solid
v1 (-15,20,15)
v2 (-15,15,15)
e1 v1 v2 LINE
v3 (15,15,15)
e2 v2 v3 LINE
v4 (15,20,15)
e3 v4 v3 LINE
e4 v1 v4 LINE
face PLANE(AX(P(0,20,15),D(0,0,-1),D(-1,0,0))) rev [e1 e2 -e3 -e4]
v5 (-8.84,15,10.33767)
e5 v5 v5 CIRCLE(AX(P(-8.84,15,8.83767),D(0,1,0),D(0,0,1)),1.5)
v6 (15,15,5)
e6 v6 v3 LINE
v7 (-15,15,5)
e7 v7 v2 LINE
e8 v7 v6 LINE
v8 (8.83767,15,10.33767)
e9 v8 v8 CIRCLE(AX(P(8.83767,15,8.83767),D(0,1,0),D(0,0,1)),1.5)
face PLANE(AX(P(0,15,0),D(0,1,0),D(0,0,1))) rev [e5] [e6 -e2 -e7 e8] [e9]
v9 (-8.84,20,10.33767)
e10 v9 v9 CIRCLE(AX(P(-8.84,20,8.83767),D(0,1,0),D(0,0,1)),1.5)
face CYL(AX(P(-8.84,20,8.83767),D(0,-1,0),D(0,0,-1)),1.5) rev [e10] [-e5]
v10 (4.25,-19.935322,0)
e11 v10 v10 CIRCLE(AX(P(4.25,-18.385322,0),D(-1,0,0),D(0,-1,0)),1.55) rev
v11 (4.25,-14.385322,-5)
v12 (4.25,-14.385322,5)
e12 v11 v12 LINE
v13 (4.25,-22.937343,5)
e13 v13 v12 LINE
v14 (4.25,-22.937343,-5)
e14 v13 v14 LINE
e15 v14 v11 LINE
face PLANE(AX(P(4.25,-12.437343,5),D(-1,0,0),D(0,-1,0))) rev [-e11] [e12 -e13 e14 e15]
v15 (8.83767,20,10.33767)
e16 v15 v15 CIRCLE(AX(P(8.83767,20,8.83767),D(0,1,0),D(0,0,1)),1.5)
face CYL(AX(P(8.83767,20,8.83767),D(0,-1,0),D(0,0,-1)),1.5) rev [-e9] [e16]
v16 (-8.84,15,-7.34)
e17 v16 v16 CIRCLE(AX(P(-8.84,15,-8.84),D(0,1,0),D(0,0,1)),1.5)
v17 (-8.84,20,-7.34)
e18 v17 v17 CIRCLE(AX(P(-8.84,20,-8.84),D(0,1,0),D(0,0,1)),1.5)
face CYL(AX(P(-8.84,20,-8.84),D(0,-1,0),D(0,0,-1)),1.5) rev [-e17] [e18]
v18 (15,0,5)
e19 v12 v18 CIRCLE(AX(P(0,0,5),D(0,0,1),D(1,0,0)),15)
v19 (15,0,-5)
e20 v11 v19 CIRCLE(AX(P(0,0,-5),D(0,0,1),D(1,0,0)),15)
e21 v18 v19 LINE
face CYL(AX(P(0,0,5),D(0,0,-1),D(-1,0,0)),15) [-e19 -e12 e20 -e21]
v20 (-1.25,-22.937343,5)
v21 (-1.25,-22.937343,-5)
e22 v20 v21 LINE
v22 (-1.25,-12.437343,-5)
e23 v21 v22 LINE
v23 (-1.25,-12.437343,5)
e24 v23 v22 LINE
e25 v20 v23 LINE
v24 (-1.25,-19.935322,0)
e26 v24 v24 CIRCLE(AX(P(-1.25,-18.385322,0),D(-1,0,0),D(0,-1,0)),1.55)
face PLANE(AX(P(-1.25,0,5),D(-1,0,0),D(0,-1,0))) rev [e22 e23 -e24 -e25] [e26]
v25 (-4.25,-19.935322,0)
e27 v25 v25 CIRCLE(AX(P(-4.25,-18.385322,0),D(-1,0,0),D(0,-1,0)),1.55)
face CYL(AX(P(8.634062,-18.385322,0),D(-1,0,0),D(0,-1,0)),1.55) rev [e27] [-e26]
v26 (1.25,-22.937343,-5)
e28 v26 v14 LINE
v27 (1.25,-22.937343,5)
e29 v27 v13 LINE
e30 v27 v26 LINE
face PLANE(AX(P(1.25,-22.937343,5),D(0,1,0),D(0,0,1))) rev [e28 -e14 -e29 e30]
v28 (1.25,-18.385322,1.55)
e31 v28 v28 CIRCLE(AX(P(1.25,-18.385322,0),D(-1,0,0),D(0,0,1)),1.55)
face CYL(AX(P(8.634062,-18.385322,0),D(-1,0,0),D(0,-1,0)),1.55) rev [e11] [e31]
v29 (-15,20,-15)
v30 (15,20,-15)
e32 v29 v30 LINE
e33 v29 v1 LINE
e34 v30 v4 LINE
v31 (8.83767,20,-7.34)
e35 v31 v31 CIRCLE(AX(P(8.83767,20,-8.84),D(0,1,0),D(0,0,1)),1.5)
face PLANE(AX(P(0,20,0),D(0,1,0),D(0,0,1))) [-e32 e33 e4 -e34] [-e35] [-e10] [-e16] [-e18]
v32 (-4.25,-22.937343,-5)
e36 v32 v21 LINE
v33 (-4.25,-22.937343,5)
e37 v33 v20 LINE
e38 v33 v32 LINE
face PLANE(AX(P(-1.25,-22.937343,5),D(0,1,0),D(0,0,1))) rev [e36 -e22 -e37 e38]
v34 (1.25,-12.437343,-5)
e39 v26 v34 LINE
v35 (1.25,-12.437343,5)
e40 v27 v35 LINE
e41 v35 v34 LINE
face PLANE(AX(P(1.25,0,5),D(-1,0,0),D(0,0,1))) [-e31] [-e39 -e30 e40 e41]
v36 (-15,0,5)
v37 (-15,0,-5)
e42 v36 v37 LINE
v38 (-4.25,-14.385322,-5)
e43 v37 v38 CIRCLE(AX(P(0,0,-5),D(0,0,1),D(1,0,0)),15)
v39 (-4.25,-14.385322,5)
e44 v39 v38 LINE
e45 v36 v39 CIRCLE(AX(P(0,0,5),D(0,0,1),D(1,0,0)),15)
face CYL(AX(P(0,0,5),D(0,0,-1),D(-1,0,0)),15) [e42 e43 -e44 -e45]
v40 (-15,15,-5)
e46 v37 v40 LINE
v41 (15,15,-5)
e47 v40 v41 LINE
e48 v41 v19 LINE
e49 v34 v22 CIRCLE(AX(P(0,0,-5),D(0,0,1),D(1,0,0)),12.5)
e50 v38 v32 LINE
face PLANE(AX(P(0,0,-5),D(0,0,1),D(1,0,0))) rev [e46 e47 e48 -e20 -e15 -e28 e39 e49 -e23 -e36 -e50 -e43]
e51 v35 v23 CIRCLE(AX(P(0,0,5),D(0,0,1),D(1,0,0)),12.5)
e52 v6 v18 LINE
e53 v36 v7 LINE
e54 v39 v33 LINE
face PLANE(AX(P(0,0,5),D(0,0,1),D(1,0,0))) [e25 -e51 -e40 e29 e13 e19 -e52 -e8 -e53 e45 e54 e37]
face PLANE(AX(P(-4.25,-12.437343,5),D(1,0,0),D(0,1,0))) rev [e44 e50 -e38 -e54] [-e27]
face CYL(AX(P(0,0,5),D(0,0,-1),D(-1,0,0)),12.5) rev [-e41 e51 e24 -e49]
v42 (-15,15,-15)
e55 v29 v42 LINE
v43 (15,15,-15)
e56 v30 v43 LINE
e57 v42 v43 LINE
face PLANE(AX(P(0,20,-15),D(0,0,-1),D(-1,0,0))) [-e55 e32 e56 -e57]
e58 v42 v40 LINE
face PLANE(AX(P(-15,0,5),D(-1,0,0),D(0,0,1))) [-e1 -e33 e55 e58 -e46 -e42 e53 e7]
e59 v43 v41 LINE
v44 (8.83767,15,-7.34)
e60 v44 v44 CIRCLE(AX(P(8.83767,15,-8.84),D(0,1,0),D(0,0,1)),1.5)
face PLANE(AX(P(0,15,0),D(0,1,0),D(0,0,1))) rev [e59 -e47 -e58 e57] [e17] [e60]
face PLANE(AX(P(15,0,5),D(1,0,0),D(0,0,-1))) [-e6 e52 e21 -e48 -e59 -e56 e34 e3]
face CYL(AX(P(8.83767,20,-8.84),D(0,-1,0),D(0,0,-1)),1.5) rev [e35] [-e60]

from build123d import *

# Parameters (mm, degrees)
BOSS_EXTRUDE1_DEPTH = 5
SKETCH2_W           = 3
SKETCH2_H           = 10.5
BOSS_EXTRUDE2_DEPTH = 5
CUT_EXTRUDE1_REACH  = 32.359
SKETCH3_R           = 1.55
SKETCH4_W           = 6.16233047
SKETCH4_H           = 10
SKETCH4_W_2         = 6.16
SKETCH4_W_3         = 17.67766953
BOSS_EXTRUDE3_DEPTH = 5


with BuildPart() as part:
    # Sketch1 → Boss-Extrude1 (new, symmetric)
    with BuildSketch(Plane.XY):
        with BuildLine():
            Line((-15, 15), (-15, 0))
            ThreePointArc((-15, 0), (-10.606601721, 10.606601715), (-8e-09, 15))
            Line((-8e-09, 15), (-15, 15))
        make_face()
        with BuildLine():
            Line((15, 15), (-8e-09, 15))
            ThreePointArc((-8e-09, 15), (10.606601715, 10.606601721), (15, 0))
            Line((15, 0), (15, 15))
        make_face()
        with BuildLine():
            ThreePointArc((-8e-09, 15), (-10.606601721, 10.606601715), (-15, 0))
            ThreePointArc((-15, 0), (-11.039701083, -10.155048006), (-1.25, -14.947825929))
            Line((-1.25, -14.947825929), (-1.25, -12.437342964))
            ThreePointArc((-1.25, -12.437342964), (-8.385254916, 9.270248109), (12.5, 0))
            ThreePointArc((12.5, 0), (9.270248109, -8.385254916), (1.25, -12.437342964))
            Line((1.25, -12.437342964), (1.25, -14.947825929))
            ThreePointArc((1.25, -14.947825929), (11.039701083, -10.155048006), (15, 0))
            ThreePointArc((15, 0), (10.606601715, 10.606601721), (-8e-09, 15))
        make_face()
    extrude(amount=BOSS_EXTRUDE1_DEPTH, both=True)

    # Sketch2 → Boss-Extrude2 (add, symmetric)
    with BuildSketch(Plane.XY):
        with Locations((-2.75, -17.687342964)):
            Rectangle(SKETCH2_W, SKETCH2_H)
        with Locations((2.75, -17.687342964)):
            Rectangle(SKETCH2_W, SKETCH2_H)
    extrude(amount=BOSS_EXTRUDE2_DEPTH, both=True)

    # Cut-Extrude1: up to this face of the body (flat: up to its plane)
    cut_extrude1_end = Plane(part.part.faces().sort_by_distance((4.25, -18.661332672, 0))[0])
    # Sketch3 → Cut-Extrude1 (cut, up to the picked face)
    with BuildSketch(Plane.ZY.offset(4.25), mode=Mode.PRIVATE) as cut_extrude1_sk1:
        with Locations(Location((0, -18.385322381, 0), (0, 0, 270))):
            Circle(SKETCH3_R)
    cut_extrude1_tool1 = split(extrude(cut_extrude1_sk1.sketch, amount=-CUT_EXTRUDE1_REACH, mode=Mode.PRIVATE), bisect_by=cut_extrude1_end, keep=Keep.BOTH, mode=Mode.PRIVATE)
    add(cut_extrude1_tool1.solids().sort_by(Axis((-4.25, -18.385322, 0), (1, 0, 0)))[0], mode=Mode.SUBTRACT)

    # Sketch4 → Boss-Extrude3 (add)
    with BuildSketch(Plane(origin=(0, 15, 0), x_dir=(1, 0, 0), z_dir=(0, 1, 0))):
        with BuildLine():
            Line((15, 15), (-15, 15))
            Line((-15, 15), (-15, 5))
            Line((-15, 5), (-8.84, 5))
            Line((-8.84, 5), (-8.84, 7.34))
            ThreePointArc((-8.84, 7.34), (-9.900660172, 9.900660172), (-7.34, 8.84))
            Line((-7.34, 8.84), (7.33766953, 8.84))
            ThreePointArc((7.33766953, 8.84), (8.83766953, 10.34), (10.33766953, 8.84))
            ThreePointArc((10.33766953, 8.84), (9.898329701, 7.779339828), (8.83766953, 7.34))
            Line((8.83766953, 7.34), (8.83766953, 5))
            Line((8.83766953, 5), (15, 5))
            Line((15, 5), (15, 15))
        make_face()
        with Locations((11.918834765, 0)):
            Rectangle(SKETCH4_W, SKETCH4_H)
        with BuildLine():
            Line((-8.84, -5), (-15, -5))
            Line((-15, -5), (-15, -15))
            Line((-15, -15), (15, -15))
            Line((15, -15), (15, -5))
            Line((15, -5), (8.83766953, -5))
            Line((8.83766953, -5), (8.83766953, -7.33766953))
            ThreePointArc((8.83766953, -7.33766953), (9.898329701, -7.777009358), (10.33766953, -8.83766953))
            ThreePointArc((10.33766953, -8.83766953), (8.83766953, -10.33766953), (7.33766953, -8.83766953))
            Line((7.33766953, -8.83766953), (-7.34, -8.83766953))
            ThreePointArc((-7.34, -8.83766953), (-9.900660172, -9.898329701), (-8.84, -7.33766953))
            Line((-8.84, -7.33766953), (-8.84, -5))
        make_face()
        with Locations((-11.92, 0)):
            Rectangle(SKETCH4_W_2, SKETCH4_H)
        with BuildLine():
            Line((8.83766953, -5), (-8.84, -5))
            Line((-8.84, -5), (-8.84, -7.33766953))
            ThreePointArc((-8.84, -7.33766953), (-7.779339828, -7.777009358), (-7.34, -8.83766953))
            Line((-7.34, -8.83766953), (7.33766953, -8.83766953))
            ThreePointArc((7.33766953, -8.83766953), (7.777009358, -7.777009358), (8.83766953, -7.33766953))
            Line((8.83766953, -7.33766953), (8.83766953, -5))
        make_face()
        with Locations((-0.001165235, 0)):
            Rectangle(SKETCH4_W_3, SKETCH4_H)
        with BuildLine():
            Line((-8.84, 7.34), (-8.84, 5))
            Line((-8.84, 5), (8.83766953, 5))
            Line((8.83766953, 5), (8.83766953, 7.34))
            ThreePointArc((8.83766953, 7.34), (7.777009358, 7.779339828), (7.33766953, 8.84))
            Line((7.33766953, 8.84), (-7.34, 8.84))
            ThreePointArc((-7.34, 8.84), (-7.779339828, 7.779339828), (-8.84, 7.34))
        make_face()
    extrude(amount=BOSS_EXTRUDE3_DEPTH)


solid = part.part
